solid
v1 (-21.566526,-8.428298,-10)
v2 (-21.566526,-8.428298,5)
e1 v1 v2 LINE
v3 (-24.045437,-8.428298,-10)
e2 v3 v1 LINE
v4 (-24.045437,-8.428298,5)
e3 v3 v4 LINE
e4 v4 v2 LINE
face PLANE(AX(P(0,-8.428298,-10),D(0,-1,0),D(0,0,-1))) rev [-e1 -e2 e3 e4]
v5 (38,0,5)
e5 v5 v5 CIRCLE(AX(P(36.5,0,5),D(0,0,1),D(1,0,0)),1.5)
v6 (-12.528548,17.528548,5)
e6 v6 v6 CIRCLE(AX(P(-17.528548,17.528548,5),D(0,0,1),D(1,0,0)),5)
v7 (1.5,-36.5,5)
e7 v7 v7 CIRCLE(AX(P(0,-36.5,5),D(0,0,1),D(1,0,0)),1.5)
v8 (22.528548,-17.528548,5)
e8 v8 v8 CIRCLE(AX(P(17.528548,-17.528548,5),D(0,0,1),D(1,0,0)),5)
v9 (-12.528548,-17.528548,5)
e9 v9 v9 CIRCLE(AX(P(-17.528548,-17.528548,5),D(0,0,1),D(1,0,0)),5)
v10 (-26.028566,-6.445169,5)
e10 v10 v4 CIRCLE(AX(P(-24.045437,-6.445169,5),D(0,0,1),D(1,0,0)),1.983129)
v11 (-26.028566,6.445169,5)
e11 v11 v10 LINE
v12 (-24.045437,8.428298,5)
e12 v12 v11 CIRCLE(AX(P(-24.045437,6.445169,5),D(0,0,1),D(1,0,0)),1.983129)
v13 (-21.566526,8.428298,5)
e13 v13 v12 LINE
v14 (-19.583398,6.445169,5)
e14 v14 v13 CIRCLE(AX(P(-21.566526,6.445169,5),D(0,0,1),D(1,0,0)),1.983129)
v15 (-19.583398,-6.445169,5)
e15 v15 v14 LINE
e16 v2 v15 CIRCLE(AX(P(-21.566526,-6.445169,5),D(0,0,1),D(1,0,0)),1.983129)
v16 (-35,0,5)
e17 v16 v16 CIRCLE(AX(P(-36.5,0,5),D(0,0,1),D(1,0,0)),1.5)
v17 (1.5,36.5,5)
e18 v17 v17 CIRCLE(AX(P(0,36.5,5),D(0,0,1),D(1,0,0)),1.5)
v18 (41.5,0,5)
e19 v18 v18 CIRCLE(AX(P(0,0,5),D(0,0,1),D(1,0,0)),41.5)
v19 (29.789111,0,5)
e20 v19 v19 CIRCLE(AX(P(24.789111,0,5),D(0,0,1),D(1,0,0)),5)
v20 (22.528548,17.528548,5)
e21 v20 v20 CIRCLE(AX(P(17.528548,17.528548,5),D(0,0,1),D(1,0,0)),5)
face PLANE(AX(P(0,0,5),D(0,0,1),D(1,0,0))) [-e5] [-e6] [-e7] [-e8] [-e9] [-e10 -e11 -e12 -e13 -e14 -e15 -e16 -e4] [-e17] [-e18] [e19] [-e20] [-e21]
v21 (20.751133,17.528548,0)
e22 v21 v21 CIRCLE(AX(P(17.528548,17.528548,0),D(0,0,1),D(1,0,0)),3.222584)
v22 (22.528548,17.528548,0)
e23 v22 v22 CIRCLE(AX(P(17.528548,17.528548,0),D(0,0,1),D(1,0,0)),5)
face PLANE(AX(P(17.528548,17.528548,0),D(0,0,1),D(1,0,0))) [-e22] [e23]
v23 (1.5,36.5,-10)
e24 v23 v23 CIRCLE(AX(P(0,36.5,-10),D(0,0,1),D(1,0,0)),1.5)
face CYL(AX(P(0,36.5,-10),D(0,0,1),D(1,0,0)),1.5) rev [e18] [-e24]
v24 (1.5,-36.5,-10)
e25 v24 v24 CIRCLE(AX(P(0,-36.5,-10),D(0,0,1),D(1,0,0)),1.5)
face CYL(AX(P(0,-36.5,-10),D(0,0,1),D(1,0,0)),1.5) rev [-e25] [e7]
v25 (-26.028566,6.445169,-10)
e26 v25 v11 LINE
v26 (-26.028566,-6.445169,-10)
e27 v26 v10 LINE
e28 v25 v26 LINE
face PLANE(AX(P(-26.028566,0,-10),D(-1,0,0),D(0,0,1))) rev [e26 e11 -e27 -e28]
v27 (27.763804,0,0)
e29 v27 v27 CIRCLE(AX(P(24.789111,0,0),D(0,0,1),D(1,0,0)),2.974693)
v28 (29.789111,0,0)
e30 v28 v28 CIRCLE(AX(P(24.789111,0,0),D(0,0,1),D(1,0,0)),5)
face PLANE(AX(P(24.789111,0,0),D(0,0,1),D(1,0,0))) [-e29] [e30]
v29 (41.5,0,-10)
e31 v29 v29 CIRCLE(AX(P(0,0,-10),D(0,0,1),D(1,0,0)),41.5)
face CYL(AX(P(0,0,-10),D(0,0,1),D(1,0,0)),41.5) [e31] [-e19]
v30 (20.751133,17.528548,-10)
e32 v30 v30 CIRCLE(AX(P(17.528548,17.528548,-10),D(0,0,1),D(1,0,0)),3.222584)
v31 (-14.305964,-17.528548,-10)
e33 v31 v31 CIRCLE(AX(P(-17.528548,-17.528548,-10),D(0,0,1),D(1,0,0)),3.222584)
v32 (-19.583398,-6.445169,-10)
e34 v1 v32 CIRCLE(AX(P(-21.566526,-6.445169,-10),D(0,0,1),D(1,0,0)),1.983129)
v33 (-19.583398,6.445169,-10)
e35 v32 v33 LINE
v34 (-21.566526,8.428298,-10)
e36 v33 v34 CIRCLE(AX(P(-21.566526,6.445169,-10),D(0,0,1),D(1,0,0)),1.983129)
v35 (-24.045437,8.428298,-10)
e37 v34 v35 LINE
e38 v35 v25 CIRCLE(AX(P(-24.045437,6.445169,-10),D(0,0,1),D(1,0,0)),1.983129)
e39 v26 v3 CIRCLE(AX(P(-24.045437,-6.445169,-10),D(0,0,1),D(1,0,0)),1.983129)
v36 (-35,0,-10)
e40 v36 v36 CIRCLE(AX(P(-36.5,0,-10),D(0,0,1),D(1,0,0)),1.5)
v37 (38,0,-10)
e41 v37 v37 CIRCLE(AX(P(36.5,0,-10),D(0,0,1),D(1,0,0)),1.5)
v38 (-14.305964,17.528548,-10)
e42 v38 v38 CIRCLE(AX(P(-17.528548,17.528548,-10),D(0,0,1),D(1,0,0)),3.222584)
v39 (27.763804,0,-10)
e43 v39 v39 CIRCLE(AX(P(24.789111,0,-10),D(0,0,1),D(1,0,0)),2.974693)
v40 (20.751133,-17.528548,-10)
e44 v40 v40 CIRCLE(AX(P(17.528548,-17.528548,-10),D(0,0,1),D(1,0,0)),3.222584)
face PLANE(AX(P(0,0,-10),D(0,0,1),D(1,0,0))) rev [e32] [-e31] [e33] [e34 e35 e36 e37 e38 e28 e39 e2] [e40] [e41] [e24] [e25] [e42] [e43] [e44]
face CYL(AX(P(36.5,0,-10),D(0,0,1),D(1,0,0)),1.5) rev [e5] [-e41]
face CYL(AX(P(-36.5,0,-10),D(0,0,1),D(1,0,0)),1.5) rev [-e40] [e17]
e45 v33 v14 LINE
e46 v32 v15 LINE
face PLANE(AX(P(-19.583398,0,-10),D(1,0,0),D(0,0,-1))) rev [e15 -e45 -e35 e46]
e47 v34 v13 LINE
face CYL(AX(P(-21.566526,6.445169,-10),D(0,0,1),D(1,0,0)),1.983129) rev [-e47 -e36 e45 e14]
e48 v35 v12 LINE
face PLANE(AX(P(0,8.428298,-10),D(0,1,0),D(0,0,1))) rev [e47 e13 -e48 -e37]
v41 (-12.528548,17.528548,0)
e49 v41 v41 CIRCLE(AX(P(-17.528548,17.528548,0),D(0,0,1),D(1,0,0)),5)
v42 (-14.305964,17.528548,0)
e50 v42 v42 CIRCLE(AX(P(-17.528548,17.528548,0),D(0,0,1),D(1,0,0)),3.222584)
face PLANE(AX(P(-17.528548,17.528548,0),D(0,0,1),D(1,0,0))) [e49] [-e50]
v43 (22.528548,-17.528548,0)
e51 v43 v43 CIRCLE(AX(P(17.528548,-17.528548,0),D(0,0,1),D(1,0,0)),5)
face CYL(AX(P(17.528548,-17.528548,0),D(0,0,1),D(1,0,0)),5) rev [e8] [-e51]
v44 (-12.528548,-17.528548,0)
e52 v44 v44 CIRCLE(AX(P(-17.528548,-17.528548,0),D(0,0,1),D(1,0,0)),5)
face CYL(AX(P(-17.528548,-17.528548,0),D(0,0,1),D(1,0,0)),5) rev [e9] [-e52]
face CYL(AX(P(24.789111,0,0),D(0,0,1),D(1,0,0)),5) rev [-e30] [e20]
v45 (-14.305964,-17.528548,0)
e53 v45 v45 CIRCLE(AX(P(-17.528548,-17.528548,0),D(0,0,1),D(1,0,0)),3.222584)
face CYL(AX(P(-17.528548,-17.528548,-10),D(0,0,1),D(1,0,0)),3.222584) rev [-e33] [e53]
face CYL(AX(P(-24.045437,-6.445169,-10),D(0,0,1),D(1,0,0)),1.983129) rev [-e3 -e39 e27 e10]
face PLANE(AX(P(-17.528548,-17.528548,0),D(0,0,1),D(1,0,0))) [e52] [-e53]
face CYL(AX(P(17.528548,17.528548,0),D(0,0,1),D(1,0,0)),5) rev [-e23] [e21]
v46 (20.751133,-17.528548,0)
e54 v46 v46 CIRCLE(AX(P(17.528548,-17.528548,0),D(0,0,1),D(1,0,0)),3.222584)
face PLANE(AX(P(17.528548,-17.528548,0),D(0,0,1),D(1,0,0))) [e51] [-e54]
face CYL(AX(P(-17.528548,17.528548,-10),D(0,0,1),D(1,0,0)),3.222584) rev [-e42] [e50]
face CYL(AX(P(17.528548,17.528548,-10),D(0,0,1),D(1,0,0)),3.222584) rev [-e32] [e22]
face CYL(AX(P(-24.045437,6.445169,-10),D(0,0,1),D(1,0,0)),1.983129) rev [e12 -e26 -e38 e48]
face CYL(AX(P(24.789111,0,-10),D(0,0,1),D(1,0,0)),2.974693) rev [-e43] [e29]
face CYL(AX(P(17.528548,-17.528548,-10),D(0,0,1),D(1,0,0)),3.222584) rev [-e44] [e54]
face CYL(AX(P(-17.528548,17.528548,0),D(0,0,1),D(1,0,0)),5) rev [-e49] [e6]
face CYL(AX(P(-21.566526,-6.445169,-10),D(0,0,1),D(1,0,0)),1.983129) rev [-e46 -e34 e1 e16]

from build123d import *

# Parameters (mm, degrees)
SKETCH_1_R           = 41.5
EXTRUDE_1_DEPTH      = 5
EXTRUDE_1_DEPTH_BACK = 10
SKETCH_2_R           = 5
CUT_EXTRUDE_1_DEPTH  = 5
SKETCH_4_R           = 1.5
CUT_EXTRUDE_2_DEPTH  = 16


with BuildPart() as part:
    # 草图1 → 凸台-拉伸1 (new body, two sides)
    with BuildSketch(Plane.XY) as extrude_1_sk:
        Circle(SKETCH_1_R)
        with BuildLine():
            ThreePointArc((-20.75113276, -17.528548354), (-17.528548354, -14.305963949), (-14.305963949, -17.528548354))
            ThreePointArc((-14.305963949, -17.528548354), (-17.528548354, -20.75113276), (-20.75113276, -17.528548354))
        make_face(mode=Mode.SUBTRACT)
        with BuildLine():
            ThreePointArc((14.305963949, -17.528548354), (17.528548354, -14.305963949), (20.75113276, -17.528548354))
            ThreePointArc((20.75113276, -17.528548354), (17.528548354, -20.75113276), (14.305963949, -17.528548354))
        make_face(mode=Mode.SUBTRACT)
        with BuildLine():
            Line((-24.045437487, 8.428297676), (-21.566526406, 8.428297676))
            ThreePointArc((-21.566526406, 8.428297676), (-20.68362959, 8.220920288), (-19.985383241, 7.642159365))
            ThreePointArc((-19.985383241, 7.642159365), (-19.686578169, 7.076512396), (-19.583397541, 6.445168811))
            Line((-19.583397541, 6.445168811), (-19.583397541, -6.445168811))
            ThreePointArc((-19.583397541, -6.445168811), (-20.164242538, -7.847452679), (-21.566526406, -8.428297676))
            Line((-21.566526406, -8.428297676), (-24.045437487, -8.428297676))
            ThreePointArc((-24.045437487, -8.428297676), (-25.447721356, -7.847452679), (-26.028566352, -6.445168811))
            Line((-26.028566352, -6.445168811), (-26.028566352, 6.445168811))
            ThreePointArc((-26.028566352, 6.445168811), (-25.447721356, 7.847452679), (-24.045437487, 8.428297676))
        make_face(mode=Mode.SUBTRACT)
        with BuildLine():
            ThreePointArc((-20.75113276, 17.528548354), (-17.528548354, 20.75113276), (-14.305963949, 17.528548354))
            ThreePointArc((-14.305963949, 17.528548354), (-17.528548354, 14.305963949), (-20.75113276, 17.528548354))
        make_face(mode=Mode.SUBTRACT)
        with BuildLine():
            ThreePointArc((14.305963949, 17.528548354), (17.528548354, 20.75113276), (20.75113276, 17.528548354))
            ThreePointArc((20.75113276, 17.528548354), (17.528548354, 14.305963949), (14.305963949, 17.528548354))
        make_face(mode=Mode.SUBTRACT)
        with BuildLine():
            ThreePointArc((21.814417514, 0), (24.789110812, 2.974693297), (27.763804109, 0))
            ThreePointArc((27.763804109, 0), (24.789110812, -2.974693297), (21.814417514, 0))
        make_face(mode=Mode.SUBTRACT)
    extrude(amount=EXTRUDE_1_DEPTH)
    extrude(extrude_1_sk.sketch, amount=-EXTRUDE_1_DEPTH_BACK)

    # 草图2 → 切除-拉伸1 (cut)
    with BuildSketch(Plane.XY.offset(5)):
        with Locations((-17.528548354, 17.528548354)):
            Circle(SKETCH_2_R)
        with BuildLine():
            ThreePointArc((-20.75113276, 17.528548354), (-17.528548354, 14.305963949), (-14.305963949, 17.528548354))
            ThreePointArc((-14.305963949, 17.528548354), (-17.528548354, 20.75113276), (-20.75113276, 17.528548354))
        make_face(mode=Mode.SUBTRACT)
        with Locations((17.528548354, 17.528548354)):
            Circle(SKETCH_2_R)
        with BuildLine():
            ThreePointArc((20.75113276, 17.528548354), (17.528548354, 20.75113276), (14.305963949, 17.528548354))
            ThreePointArc((14.305963949, 17.528548354), (17.528548354, 14.305963949), (20.75113276, 17.528548354))
        make_face(mode=Mode.SUBTRACT)
        with Locations((-17.528548354, -17.528548354)):
            Circle(SKETCH_2_R)
        with BuildLine():
            ThreePointArc((-20.75113276, -17.528548354), (-17.528548354, -20.75113276), (-14.305963949, -17.528548354))
            ThreePointArc((-14.305963949, -17.528548354), (-17.528548354, -14.305963949), (-20.75113276, -17.528548354))
        make_face(mode=Mode.SUBTRACT)
        with Locations((17.528548354, -17.528548354)):
            Circle(SKETCH_2_R)
        with BuildLine():
            ThreePointArc((14.305963949, -17.528548354), (17.528548354, -20.75113276), (20.75113276, -17.528548354))
            ThreePointArc((20.75113276, -17.528548354), (17.528548354, -14.305963949), (14.305963949, -17.528548354))
        make_face(mode=Mode.SUBTRACT)
        with Locations((24.789110812, 0)):
            Circle(SKETCH_2_R)
        with BuildLine():
            ThreePointArc((21.814417514, 0), (24.789110812, -2.974693297), (27.763804109, 0))
            ThreePointArc((27.763804109, 0), (24.789110812, 2.974693297), (21.814417514, 0))
        make_face(mode=Mode.SUBTRACT)
    extrude(amount=-CUT_EXTRUDE_1_DEPTH, mode=Mode.SUBTRACT)

    # 草图4 → 切除-拉伸2 (cut, through all)
    with BuildSketch(Plane.XY.offset(5)):
        with Locations((-36.5, 0)):
            Circle(SKETCH_4_R)
        with Locations((0, -36.5)):
            Circle(SKETCH_4_R)
        with Locations((36.5, 0)):
            Circle(SKETCH_4_R)
        with Locations((0, 36.5)):
            Circle(SKETCH_4_R)
    extrude(amount=-CUT_EXTRUDE_2_DEPTH, mode=Mode.SUBTRACT)


solid = part.part
